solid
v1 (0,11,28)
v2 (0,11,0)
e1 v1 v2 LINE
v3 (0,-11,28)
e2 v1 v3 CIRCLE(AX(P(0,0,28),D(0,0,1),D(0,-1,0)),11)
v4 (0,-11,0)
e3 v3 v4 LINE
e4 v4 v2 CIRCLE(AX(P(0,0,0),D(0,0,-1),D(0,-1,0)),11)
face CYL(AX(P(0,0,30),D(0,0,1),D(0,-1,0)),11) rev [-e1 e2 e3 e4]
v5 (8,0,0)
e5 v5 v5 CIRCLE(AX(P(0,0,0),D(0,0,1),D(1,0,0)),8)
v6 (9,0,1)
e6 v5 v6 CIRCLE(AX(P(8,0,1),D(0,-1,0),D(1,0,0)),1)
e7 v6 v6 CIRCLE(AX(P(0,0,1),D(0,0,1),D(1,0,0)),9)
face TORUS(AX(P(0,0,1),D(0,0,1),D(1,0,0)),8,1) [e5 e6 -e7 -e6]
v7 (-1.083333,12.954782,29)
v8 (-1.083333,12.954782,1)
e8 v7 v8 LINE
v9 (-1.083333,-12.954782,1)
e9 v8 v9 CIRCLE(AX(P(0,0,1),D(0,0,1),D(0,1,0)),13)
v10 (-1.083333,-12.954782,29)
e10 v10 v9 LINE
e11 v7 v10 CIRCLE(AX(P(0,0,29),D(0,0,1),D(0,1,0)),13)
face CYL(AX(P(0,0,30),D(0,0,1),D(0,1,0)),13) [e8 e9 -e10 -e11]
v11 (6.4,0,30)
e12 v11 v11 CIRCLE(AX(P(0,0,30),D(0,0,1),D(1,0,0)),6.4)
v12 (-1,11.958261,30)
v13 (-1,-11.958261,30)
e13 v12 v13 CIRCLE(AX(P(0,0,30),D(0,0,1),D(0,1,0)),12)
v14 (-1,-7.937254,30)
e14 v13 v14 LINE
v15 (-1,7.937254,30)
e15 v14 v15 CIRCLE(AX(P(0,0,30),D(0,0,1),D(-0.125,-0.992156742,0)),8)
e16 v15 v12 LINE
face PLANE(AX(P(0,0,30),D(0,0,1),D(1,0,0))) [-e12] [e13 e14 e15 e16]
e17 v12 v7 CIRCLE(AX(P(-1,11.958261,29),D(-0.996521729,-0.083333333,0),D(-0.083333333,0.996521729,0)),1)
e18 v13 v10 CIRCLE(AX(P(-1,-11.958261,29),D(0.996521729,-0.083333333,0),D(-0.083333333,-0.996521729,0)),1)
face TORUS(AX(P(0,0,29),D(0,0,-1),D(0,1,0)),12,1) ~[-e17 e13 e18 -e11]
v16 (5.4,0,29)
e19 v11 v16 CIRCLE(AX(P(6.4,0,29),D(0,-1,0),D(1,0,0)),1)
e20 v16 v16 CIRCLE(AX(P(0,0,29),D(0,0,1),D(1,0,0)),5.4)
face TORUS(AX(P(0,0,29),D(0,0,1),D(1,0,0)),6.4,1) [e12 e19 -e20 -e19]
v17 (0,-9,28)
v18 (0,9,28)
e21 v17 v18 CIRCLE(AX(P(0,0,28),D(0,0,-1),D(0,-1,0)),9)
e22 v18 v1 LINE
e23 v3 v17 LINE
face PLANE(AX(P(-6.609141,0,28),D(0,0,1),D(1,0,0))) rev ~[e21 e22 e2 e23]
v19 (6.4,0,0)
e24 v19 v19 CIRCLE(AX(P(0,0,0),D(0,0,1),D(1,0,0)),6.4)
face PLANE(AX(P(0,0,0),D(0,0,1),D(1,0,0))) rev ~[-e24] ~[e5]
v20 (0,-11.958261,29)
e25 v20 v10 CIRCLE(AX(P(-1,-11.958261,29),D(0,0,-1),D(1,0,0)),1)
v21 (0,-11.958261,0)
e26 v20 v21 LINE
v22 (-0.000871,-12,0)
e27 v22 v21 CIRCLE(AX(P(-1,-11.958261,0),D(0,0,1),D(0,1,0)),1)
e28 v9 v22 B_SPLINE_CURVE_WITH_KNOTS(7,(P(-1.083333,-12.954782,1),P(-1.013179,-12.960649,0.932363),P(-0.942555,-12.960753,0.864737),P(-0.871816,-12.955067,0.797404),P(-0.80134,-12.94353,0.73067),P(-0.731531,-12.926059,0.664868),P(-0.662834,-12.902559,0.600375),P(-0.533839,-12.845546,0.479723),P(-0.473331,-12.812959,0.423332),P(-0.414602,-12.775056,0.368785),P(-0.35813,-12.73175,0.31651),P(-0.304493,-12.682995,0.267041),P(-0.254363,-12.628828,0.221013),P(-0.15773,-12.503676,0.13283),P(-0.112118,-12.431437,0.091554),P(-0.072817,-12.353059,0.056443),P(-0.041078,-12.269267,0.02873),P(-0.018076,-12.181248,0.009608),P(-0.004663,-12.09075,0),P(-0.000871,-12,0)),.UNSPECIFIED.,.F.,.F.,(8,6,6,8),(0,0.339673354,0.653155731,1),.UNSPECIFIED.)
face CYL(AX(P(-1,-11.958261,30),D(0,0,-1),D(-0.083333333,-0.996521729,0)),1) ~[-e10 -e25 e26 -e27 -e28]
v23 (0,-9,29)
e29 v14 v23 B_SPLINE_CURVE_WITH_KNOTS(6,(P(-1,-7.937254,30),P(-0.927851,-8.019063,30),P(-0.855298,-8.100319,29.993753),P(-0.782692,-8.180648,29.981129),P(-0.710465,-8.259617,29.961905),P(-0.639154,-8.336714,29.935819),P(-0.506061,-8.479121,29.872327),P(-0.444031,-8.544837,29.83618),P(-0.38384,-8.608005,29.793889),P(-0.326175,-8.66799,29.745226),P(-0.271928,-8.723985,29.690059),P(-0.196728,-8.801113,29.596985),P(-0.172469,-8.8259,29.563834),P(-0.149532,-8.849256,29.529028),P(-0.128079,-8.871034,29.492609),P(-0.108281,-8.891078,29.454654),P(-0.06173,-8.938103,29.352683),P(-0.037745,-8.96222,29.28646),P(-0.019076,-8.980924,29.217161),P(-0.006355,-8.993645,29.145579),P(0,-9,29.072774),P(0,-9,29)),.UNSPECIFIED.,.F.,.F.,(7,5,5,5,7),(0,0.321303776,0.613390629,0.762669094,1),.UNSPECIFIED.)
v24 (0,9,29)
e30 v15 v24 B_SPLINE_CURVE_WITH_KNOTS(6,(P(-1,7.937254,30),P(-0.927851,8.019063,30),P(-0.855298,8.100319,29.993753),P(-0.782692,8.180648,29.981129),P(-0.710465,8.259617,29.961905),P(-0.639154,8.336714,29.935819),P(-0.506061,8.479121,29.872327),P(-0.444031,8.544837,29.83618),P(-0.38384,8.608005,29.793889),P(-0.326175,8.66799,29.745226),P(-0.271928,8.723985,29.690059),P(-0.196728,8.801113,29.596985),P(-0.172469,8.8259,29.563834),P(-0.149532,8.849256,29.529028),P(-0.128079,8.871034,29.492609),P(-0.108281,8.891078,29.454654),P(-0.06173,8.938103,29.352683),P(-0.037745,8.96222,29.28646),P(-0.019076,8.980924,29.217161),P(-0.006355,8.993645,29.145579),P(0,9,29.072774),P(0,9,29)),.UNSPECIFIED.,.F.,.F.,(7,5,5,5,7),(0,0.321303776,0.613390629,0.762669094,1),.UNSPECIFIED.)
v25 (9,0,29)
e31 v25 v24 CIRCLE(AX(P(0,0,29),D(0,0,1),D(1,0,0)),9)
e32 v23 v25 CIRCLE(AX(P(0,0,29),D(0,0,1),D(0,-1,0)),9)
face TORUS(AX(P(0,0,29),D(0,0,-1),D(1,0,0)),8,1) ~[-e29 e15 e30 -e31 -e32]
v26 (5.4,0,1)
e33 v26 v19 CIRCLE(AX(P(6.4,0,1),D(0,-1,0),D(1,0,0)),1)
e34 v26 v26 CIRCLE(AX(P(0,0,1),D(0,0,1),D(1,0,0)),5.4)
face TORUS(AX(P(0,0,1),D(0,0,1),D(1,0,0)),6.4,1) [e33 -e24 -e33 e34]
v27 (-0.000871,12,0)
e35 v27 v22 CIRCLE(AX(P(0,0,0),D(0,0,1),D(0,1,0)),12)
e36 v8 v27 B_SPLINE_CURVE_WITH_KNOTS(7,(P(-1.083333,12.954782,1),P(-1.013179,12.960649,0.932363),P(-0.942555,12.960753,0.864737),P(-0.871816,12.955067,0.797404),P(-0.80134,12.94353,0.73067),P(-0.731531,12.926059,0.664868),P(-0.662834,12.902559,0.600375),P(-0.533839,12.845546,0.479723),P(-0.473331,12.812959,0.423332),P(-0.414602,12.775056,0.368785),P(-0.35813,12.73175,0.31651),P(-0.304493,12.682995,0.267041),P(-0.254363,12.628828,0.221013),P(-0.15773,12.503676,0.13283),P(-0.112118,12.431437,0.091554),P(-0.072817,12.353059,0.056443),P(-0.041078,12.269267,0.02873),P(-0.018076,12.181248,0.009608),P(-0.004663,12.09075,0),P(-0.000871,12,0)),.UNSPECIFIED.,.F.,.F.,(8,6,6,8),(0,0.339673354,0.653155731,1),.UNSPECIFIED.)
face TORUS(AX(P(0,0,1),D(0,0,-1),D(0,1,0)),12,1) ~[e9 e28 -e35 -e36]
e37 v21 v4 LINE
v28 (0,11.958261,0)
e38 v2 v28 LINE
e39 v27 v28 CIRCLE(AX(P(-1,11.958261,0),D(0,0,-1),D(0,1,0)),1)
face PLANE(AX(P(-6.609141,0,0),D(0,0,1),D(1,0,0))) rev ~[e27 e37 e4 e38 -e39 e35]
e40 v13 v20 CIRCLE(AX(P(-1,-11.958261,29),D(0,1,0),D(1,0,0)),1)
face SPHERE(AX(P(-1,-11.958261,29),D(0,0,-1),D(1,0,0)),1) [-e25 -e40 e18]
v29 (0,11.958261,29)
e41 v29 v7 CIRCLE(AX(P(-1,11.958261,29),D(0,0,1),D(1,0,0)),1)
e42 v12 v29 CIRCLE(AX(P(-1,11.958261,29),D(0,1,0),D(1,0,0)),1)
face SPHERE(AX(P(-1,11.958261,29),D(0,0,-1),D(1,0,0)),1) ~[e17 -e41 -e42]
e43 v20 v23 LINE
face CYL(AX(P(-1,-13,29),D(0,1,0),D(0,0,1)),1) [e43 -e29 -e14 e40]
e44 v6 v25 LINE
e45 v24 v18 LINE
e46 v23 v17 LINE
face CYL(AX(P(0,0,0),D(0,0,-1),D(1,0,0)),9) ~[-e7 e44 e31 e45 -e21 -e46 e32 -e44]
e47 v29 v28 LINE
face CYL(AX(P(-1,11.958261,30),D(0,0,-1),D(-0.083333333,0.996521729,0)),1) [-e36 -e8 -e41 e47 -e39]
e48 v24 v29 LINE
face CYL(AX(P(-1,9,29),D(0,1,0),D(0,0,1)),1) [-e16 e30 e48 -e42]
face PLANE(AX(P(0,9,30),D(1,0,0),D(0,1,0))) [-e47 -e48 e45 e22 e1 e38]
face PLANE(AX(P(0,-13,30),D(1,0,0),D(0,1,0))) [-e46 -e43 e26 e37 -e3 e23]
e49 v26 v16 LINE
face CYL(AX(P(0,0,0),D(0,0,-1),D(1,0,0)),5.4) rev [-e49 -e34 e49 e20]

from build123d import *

# Parameters (mm, degrees)
F0_R     = 9
F0_R_2   = 5.4
F1_DEPTH = 30
F3_DEPTH = 2
F4_DEPTH = 30
F5_R     = 1


with BuildPart() as f1:
    # F0 (on Top) → F1 (new body)
    with BuildSketch(Plane.XY):
        Circle(F0_R)
        Circle(F0_R_2, mode=Mode.SUBTRACT)
    extrude(amount=F1_DEPTH)

    # F2 (on face) → F3 (join)
    with BuildSketch(Plane.XY.offset(30)):
        with BuildLine():
            Line((0, 11), (0, 13))
            ThreePointArc((0, 13), (-13, 0), (0, -13))
            Line((0, -13), (0, -11))
            ThreePointArc((0, -11), (-11, 0), (0, 11))
        make_face()
        with BuildLine():
            Line((0, 9), (0, 11))
            ThreePointArc((0, 11), (-11, 0), (0, -11))
            Line((0, -11), (0, -9))
            ThreePointArc((0, -9), (-9, 0), (0, 9))
        make_face()
    extrude(amount=-F3_DEPTH)

    # F2 (on face) → F4 (join)
    with BuildSketch(Plane.XY.offset(30)):
        with BuildLine():
            Line((0, 11), (0, 13))
            ThreePointArc((0, 13), (-13, 0), (0, -13))
            Line((0, -13), (0, -11))
            ThreePointArc((0, -11), (-11, 0), (0, 11))
        make_face()
    extrude(amount=-F4_DEPTH)

    # F5
    f5_edges = [f1.edges().sort_by_distance(p)[0] for p in [
        (-9, 0, 0),
        (-13, 0, 0),
        (-13, 0, 30),
        (0, 13, 15),
        (0, -13, 15),
        (0, -11, 30),
        (0, 11, 30),
        (6.363961, -6.363961, 30),
        (6.363961, 6.363961, 30),
        (-5.4, 0, 30),
        (-5.4, 0, 0),
    ]]
    fillet(f5_edges, radius=F5_R)


solid = f1.part
